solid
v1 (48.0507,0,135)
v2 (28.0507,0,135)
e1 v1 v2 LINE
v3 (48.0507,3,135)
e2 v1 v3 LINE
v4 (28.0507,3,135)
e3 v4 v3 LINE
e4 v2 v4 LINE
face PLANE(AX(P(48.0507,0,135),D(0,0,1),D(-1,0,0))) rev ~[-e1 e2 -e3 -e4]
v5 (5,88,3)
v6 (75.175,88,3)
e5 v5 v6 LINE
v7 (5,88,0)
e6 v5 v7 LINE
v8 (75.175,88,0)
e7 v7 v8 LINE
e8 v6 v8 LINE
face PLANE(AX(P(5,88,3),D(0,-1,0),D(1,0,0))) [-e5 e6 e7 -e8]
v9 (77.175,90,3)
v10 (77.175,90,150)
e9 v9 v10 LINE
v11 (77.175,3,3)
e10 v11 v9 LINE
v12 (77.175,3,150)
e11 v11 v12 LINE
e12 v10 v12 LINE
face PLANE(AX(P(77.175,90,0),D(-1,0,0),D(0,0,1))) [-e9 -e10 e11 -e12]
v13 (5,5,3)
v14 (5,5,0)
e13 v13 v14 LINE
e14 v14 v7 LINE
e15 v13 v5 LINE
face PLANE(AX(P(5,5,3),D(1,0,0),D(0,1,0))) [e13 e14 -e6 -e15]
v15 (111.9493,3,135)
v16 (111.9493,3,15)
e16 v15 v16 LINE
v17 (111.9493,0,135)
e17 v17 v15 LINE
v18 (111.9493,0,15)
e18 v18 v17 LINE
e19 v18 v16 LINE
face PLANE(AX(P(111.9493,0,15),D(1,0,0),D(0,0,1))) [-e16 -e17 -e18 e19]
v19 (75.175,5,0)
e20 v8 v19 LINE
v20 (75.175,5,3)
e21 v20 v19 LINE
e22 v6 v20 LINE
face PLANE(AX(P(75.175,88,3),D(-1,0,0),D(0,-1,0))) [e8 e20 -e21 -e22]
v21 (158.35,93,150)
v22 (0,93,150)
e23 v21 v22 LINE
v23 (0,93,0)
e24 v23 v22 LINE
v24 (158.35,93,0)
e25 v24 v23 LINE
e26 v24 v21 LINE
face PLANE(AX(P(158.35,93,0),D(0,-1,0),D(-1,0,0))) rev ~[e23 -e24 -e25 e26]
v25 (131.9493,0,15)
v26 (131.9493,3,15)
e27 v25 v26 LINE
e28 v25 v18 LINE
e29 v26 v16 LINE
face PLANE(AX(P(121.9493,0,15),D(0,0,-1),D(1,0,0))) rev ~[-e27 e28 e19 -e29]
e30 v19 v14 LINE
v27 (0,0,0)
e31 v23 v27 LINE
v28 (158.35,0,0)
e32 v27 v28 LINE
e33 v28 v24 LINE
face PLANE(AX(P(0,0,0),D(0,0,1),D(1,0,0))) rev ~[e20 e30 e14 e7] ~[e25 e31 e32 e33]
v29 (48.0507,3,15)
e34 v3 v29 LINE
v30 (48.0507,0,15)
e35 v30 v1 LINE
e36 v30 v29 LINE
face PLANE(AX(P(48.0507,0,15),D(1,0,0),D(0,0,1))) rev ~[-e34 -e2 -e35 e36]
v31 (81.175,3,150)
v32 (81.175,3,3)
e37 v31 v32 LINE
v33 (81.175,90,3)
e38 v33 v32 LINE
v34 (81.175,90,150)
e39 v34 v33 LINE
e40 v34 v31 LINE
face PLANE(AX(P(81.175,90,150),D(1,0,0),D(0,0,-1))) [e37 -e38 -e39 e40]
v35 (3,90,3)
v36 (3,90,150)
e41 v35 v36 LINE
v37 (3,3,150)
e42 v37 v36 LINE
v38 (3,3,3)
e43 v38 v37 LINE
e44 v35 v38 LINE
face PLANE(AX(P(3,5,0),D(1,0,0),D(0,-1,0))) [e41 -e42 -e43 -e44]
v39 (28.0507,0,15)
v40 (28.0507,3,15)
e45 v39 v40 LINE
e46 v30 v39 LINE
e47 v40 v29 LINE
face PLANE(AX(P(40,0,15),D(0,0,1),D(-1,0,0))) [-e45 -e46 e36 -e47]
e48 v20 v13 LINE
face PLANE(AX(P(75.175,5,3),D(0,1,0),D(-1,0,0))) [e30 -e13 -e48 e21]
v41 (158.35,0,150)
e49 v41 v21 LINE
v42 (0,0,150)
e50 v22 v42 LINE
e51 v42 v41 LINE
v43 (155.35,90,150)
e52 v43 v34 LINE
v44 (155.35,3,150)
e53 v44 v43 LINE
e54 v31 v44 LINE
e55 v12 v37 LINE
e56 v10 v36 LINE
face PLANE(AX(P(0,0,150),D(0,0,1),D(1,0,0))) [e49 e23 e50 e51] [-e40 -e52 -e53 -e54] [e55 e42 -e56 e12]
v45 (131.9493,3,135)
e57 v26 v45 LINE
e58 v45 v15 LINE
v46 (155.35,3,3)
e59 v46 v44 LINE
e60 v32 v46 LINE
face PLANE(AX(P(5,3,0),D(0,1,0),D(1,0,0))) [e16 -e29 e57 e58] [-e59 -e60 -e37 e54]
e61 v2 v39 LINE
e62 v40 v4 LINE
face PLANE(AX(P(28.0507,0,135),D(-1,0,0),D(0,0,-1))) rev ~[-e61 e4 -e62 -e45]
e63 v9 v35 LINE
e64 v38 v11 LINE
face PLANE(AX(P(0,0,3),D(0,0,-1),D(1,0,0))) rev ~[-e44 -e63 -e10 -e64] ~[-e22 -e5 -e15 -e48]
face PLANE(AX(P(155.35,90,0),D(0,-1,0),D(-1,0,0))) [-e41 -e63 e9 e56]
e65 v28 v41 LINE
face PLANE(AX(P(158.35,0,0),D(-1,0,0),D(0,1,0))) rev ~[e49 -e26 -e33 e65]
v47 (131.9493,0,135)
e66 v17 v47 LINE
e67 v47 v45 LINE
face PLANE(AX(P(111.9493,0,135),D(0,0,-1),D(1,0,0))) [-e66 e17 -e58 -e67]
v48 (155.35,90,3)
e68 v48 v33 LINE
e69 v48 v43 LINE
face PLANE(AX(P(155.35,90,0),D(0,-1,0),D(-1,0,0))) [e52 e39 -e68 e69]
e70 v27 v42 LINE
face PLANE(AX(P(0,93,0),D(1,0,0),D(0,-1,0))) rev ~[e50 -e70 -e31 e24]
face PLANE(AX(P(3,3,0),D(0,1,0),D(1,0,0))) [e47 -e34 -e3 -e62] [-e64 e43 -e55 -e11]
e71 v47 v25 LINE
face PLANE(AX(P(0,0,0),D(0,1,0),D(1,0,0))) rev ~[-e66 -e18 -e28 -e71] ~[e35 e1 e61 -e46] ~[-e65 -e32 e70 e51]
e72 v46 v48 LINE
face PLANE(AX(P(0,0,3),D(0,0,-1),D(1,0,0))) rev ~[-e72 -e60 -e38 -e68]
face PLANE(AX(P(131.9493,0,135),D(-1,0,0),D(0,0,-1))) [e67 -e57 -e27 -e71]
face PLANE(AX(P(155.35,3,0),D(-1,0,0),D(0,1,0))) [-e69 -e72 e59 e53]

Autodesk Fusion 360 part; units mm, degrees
sketch "Szkic1" plane through (0, 0, 0) normal (0, 0, 1) x (1, 0, 0)
  line L0 (0, 0) -> (158.35, 0)
  line L1 (158.35, 0) -> (158.35, 93)
  line L2 (158.35, 93) -> (0, 93)
  line L3 (0, 93) -> (0, 0)
  line L4 (3, 5) -> (3, 3)
  line L5 (3, 3) -> (5, 3)
  line L6 (3, 3) -> (155.35, 3)
  line L7 (155.35, 3) -> (155.35, 90)
  line L8 (155.35, 90) -> (3, 90)
  line L9 (3, 90) -> (3, 3)
  dimension "d1" = 158.35
  dimension "d2" = 93
  dimension "d3" = 152.35
  dimension "d4" = 87
extrude "Wyciągnięcie proste1" add sketch "Szkic1" along normal blind 150
sketch "Szkic2" plane through (0, 90, 0) normal (0, -1, 0) x (1, 0, 0)
  line L0 (3, 0) -> (155.35, 0)
  line L1 (155.35, 0) -> (155.35, 150)
  line L2 (155.35, 150) -> (3, 150)
  line L3 (3, 150) -> (3, 0)
  line L4 (79.175, 150) -> (77.175, 150)
  line L5 (77.175, 150) -> (81.175, 150)
  line L6 (81.175, 150) -> (81.175, 0)
  line L7 (81.175, 0) -> (77.175, 0)
  line L8 (77.175, 0) -> (77.175, 150)
  dimension "d7" = 2
  dimension "d8" = 4
extrude "Wyciągnięcie proste2" add sketch "Szkic2" along normal blind 87 contours L0 L2 L4 L5 L6 L7 L8
sketch "Szkic3" plane through (0, 0, 0) normal (0, -1, 0) x (1, 0, 0)
  line L0 (0, 0) -> (158.35, 0)
  line L1 (158.35, 0) -> (158.35, 150)
  line L2 (158.35, 150) -> (0, 150)
  line L3 (0, 150) -> (0, 0)
sketch "Szkic4" plane through (0, 0, 0) normal (0, 0, -1) x (1, 0, 0)
  line L0 (81.175, -3) -> (155.35, -3)
  line L1 (155.35, -3) -> (155.35, -90)
  line L2 (155.35, -90) -> (81.175, -90)
  line L3 (81.175, -90) -> (81.175, -3)
  line L4 (77.175, -3) -> (77.175, -90)
  line L5 (77.175, -90) -> (3, -90)
  line L6 (3, -90) -> (3, -3)
  line L7 (3, -3) -> (77.175, -3)
  line L8 (0, 0) -> (0, -93)
  line L9 (0, -93) -> (158.35, -93)
  line L10 (158.35, -93) -> (158.35, 0)
  line L11 (158.35, 0) -> (0, 0)
  line L12 (0, 0) -> (158.35, 0)
  line L13 (158.35, 0) -> (158.35, -93)
  line L14 (158.35, -93) -> (0, -93)
  line L15 (0, -93) -> (0, 0)
extrude "Wyciągnięcie proste3" add sketch "Szkic4" against normal blind 3 contours L0 L1 L2 L3 | L4 L5 L6 L7
sketch "Szkic5" plane through (0, 0, 0) normal (0, -1, 0) x (1, 0, 0)
  line L0 (40, 15) -> (38.0507, 15)
  line L1 (38.0507, 15) -> (28.0507, 15)
  line L2 (28.0507, 15) -> (48.0507, 15)
  line L3 (48.0507, 15) -> (48.0507, 135)
  line L4 (48.0507, 135) -> (28.0507, 135)
  line L5 (28.0507, 135) -> (28.0507, 15)
  line L6 (131.9493, 135) -> (131.9493, 15)
  line L7 (120, 15) -> (121.9493, 15)
  line L8 (111.9493, 135) -> (131.9493, 135)
  line L9 (121.9493, 15) -> (131.9493, 15)
  line L10 (131.9493, 15) -> (111.9493, 15)
  line L11 (111.9493, 15) -> (111.9493, 135)
  dimension "d13" = 10
  dimension "d14" = 20
  dimension "d15" = 120
extrude "Wyciągnięcie proste4" cut sketch "Szkic5" against normal blind 10
sketch "Szkic6" plane through (0, 0, 3) normal (0, 0, 1) x (-1, 0, 0)
  line L0 (-3, -90) -> (-3, -3)
  line L1 (-3, -3) -> (-77.175, -3)
  line L2 (-77.175, -3) -> (-77.175, -90)
  line L3 (-77.175, -90) -> (-3, -90)
  line L4 (-77.175, -3) -> (-77.175, -90)
  line L5 (-77.175, -90) -> (-3, -90)
  line L6 (-3, -90) -> (-3, -3)
  line L7 (-3, -90) -> (-5, -90)
sketch "Szkic7" plane through (0, 0, 3) normal (0, 0, 1) x (-1, 0, 0)
  line L0 (-77.175, -90) -> (-77.175, -3)
  line L1 (-77.175, -3) -> (-77.175, -5)
  line L2 (-75.175, -5) -> (-5, -5)
  line L3 (-5, -5) -> (-5, -88)
  line L4 (-5, -88) -> (-75.175, -88)
  line L5 (-75.175, -88) -> (-75.175, -5)
  point P0 (-5, -90)
  point P1 (-77.175, -3)
  dimension "d18" = 2
extrude "Wyciągnięcie proste5" cut sketch "Szkic7" against normal blind 10
